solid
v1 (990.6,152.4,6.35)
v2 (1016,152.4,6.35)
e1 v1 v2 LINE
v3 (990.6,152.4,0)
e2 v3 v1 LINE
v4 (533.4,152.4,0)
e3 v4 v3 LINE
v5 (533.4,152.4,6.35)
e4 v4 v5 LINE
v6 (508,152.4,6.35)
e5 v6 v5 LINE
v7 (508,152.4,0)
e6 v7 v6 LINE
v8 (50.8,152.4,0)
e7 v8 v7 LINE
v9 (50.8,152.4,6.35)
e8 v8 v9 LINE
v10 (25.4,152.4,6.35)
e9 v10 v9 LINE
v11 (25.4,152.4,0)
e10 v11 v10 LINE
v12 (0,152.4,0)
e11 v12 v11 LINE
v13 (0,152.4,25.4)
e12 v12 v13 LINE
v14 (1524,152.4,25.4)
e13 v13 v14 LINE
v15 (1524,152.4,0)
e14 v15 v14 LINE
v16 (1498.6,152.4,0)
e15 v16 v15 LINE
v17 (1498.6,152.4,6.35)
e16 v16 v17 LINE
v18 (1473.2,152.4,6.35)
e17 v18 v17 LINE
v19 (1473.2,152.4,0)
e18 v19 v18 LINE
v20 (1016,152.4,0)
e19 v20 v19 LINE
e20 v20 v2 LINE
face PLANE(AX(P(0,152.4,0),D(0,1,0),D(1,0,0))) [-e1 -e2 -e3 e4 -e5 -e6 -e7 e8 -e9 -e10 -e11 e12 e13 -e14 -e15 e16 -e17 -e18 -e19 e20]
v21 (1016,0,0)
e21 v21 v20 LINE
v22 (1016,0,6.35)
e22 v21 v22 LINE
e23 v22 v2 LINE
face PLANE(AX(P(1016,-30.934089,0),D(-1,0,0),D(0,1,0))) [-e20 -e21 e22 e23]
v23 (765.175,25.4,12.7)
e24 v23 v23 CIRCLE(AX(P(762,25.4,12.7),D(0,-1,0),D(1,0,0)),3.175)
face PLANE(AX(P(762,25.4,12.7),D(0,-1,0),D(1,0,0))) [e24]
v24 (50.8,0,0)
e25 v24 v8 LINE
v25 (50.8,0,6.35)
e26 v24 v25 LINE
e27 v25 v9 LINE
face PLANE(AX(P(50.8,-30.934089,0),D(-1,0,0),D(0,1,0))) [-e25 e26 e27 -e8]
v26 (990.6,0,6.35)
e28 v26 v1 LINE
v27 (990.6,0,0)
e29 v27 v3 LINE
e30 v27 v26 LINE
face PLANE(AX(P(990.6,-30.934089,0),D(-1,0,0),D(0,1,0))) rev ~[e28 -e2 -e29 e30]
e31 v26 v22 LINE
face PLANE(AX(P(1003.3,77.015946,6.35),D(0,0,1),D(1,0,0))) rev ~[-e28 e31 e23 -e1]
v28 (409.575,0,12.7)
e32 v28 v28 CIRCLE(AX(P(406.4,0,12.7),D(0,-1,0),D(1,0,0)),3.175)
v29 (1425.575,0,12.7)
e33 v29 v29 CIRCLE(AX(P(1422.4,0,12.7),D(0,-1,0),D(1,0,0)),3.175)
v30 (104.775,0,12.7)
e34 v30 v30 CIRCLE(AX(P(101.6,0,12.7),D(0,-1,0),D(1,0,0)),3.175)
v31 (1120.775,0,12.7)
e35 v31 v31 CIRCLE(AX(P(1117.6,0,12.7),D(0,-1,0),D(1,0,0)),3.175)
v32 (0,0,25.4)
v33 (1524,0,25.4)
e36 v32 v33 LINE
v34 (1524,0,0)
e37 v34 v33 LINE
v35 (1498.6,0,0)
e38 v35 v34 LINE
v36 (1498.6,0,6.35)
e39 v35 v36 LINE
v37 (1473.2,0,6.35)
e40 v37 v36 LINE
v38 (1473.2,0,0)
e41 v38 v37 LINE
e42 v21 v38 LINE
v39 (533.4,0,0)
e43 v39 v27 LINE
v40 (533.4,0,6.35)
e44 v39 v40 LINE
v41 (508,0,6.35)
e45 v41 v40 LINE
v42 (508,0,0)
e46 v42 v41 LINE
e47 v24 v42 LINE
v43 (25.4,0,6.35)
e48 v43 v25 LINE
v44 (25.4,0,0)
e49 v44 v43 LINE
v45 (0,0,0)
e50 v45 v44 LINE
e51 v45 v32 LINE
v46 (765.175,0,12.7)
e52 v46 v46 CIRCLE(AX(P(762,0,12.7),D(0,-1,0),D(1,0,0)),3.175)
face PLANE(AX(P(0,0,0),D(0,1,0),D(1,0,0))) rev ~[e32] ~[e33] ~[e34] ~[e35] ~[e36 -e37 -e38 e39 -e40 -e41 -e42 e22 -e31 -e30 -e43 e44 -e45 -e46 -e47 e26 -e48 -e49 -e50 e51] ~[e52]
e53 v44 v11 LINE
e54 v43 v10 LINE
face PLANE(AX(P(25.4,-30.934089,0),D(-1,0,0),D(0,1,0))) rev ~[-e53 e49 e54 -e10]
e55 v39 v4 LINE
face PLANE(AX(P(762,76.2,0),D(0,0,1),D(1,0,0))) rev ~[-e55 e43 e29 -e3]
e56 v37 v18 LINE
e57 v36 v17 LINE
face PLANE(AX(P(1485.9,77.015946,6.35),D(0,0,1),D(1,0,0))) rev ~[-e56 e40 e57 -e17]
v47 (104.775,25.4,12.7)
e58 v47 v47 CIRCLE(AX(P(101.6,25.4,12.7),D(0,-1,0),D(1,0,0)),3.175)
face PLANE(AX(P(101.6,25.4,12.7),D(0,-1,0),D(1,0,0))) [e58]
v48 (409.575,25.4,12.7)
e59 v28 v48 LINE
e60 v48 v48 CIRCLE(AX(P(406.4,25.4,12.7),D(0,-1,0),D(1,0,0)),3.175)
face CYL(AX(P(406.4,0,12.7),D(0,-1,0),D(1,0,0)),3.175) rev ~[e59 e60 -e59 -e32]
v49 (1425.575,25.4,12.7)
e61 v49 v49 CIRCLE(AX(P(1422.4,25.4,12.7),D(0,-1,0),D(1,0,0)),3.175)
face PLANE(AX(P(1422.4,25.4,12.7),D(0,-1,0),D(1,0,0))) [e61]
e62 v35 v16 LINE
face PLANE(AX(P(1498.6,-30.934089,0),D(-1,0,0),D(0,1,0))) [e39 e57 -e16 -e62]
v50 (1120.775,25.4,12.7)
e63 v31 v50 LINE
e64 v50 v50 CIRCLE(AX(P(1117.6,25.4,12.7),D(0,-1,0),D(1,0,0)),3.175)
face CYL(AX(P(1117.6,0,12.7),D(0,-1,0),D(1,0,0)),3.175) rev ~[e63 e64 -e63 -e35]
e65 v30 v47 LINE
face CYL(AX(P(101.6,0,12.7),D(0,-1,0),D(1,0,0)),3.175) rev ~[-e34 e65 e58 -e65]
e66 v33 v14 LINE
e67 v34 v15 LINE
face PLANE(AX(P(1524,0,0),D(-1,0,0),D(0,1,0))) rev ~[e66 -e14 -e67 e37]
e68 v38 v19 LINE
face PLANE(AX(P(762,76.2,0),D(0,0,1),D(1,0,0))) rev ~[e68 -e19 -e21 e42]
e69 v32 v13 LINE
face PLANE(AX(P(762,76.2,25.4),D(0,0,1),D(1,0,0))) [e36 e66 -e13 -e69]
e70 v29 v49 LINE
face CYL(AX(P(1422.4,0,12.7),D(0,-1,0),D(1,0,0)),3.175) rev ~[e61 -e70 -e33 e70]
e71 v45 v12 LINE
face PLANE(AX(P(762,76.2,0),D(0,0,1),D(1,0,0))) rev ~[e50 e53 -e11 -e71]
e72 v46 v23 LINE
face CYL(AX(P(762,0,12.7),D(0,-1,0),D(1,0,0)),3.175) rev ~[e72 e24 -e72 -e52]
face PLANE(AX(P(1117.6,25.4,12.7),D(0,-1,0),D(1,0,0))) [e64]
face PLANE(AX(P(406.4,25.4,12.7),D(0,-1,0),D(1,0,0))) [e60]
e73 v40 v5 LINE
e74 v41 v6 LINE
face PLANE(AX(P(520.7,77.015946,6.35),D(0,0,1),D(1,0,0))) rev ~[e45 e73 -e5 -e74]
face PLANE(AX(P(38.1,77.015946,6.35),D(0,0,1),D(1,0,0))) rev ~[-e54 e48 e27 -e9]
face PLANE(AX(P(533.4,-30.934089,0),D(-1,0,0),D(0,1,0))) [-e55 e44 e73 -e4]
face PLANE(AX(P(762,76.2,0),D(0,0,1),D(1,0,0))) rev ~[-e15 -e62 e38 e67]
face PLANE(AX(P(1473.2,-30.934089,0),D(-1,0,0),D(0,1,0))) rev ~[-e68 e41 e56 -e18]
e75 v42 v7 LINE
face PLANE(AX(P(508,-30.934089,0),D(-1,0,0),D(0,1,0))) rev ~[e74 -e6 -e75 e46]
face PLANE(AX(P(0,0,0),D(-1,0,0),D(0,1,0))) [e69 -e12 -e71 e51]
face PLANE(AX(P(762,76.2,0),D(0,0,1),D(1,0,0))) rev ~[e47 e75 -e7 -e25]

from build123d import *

# Parameters (mm, degrees)
F0_W     = 1524
F0_H     = 152.4
F1_DEPTH = 25.4
F2_W     = 25.4
F2_H     = 215.900069
F3_DEPTH = 6.35
F4_R     = 3.175
F5_DEPTH = 25.4


with BuildPart() as f1:
    # F0 (on Top) → F1 (new body)
    with BuildSketch(Plane.XY):
        with Locations((762, 76.2)):
            Rectangle(F0_W, F0_H)
    extrude(amount=F1_DEPTH)

    # F2 (on Top) → F3 (cut)
    with BuildSketch(Plane.XY):
        with Locations((38.1, 77.015946)):
            Rectangle(F2_W, F2_H)
        with Locations((520.7, 77.015946)):
            Rectangle(F2_W, F2_H)
        with Locations((1003.3, 77.015946)):
            Rectangle(F2_W, F2_H)
        with Locations((1485.9, 77.015946)):
            Rectangle(F2_W, F2_H)
    extrude(amount=F3_DEPTH, mode=Mode.SUBTRACT)

    # F4 (on Front) → F5 (cut)
    with BuildSketch(Plane.XZ):
        with Locations((101.6, 12.7)):
            Circle(F4_R)
        with Locations((406.4, 12.7)):
            Circle(F4_R)
        with Locations((762, 12.7)):
            Circle(F4_R)
        with Locations((1117.6, 12.7)):
            Circle(F4_R)
        with Locations((1422.4, 12.7)):
            Circle(F4_R)
    extrude(amount=-F5_DEPTH, mode=Mode.SUBTRACT)


solid = f1.part
